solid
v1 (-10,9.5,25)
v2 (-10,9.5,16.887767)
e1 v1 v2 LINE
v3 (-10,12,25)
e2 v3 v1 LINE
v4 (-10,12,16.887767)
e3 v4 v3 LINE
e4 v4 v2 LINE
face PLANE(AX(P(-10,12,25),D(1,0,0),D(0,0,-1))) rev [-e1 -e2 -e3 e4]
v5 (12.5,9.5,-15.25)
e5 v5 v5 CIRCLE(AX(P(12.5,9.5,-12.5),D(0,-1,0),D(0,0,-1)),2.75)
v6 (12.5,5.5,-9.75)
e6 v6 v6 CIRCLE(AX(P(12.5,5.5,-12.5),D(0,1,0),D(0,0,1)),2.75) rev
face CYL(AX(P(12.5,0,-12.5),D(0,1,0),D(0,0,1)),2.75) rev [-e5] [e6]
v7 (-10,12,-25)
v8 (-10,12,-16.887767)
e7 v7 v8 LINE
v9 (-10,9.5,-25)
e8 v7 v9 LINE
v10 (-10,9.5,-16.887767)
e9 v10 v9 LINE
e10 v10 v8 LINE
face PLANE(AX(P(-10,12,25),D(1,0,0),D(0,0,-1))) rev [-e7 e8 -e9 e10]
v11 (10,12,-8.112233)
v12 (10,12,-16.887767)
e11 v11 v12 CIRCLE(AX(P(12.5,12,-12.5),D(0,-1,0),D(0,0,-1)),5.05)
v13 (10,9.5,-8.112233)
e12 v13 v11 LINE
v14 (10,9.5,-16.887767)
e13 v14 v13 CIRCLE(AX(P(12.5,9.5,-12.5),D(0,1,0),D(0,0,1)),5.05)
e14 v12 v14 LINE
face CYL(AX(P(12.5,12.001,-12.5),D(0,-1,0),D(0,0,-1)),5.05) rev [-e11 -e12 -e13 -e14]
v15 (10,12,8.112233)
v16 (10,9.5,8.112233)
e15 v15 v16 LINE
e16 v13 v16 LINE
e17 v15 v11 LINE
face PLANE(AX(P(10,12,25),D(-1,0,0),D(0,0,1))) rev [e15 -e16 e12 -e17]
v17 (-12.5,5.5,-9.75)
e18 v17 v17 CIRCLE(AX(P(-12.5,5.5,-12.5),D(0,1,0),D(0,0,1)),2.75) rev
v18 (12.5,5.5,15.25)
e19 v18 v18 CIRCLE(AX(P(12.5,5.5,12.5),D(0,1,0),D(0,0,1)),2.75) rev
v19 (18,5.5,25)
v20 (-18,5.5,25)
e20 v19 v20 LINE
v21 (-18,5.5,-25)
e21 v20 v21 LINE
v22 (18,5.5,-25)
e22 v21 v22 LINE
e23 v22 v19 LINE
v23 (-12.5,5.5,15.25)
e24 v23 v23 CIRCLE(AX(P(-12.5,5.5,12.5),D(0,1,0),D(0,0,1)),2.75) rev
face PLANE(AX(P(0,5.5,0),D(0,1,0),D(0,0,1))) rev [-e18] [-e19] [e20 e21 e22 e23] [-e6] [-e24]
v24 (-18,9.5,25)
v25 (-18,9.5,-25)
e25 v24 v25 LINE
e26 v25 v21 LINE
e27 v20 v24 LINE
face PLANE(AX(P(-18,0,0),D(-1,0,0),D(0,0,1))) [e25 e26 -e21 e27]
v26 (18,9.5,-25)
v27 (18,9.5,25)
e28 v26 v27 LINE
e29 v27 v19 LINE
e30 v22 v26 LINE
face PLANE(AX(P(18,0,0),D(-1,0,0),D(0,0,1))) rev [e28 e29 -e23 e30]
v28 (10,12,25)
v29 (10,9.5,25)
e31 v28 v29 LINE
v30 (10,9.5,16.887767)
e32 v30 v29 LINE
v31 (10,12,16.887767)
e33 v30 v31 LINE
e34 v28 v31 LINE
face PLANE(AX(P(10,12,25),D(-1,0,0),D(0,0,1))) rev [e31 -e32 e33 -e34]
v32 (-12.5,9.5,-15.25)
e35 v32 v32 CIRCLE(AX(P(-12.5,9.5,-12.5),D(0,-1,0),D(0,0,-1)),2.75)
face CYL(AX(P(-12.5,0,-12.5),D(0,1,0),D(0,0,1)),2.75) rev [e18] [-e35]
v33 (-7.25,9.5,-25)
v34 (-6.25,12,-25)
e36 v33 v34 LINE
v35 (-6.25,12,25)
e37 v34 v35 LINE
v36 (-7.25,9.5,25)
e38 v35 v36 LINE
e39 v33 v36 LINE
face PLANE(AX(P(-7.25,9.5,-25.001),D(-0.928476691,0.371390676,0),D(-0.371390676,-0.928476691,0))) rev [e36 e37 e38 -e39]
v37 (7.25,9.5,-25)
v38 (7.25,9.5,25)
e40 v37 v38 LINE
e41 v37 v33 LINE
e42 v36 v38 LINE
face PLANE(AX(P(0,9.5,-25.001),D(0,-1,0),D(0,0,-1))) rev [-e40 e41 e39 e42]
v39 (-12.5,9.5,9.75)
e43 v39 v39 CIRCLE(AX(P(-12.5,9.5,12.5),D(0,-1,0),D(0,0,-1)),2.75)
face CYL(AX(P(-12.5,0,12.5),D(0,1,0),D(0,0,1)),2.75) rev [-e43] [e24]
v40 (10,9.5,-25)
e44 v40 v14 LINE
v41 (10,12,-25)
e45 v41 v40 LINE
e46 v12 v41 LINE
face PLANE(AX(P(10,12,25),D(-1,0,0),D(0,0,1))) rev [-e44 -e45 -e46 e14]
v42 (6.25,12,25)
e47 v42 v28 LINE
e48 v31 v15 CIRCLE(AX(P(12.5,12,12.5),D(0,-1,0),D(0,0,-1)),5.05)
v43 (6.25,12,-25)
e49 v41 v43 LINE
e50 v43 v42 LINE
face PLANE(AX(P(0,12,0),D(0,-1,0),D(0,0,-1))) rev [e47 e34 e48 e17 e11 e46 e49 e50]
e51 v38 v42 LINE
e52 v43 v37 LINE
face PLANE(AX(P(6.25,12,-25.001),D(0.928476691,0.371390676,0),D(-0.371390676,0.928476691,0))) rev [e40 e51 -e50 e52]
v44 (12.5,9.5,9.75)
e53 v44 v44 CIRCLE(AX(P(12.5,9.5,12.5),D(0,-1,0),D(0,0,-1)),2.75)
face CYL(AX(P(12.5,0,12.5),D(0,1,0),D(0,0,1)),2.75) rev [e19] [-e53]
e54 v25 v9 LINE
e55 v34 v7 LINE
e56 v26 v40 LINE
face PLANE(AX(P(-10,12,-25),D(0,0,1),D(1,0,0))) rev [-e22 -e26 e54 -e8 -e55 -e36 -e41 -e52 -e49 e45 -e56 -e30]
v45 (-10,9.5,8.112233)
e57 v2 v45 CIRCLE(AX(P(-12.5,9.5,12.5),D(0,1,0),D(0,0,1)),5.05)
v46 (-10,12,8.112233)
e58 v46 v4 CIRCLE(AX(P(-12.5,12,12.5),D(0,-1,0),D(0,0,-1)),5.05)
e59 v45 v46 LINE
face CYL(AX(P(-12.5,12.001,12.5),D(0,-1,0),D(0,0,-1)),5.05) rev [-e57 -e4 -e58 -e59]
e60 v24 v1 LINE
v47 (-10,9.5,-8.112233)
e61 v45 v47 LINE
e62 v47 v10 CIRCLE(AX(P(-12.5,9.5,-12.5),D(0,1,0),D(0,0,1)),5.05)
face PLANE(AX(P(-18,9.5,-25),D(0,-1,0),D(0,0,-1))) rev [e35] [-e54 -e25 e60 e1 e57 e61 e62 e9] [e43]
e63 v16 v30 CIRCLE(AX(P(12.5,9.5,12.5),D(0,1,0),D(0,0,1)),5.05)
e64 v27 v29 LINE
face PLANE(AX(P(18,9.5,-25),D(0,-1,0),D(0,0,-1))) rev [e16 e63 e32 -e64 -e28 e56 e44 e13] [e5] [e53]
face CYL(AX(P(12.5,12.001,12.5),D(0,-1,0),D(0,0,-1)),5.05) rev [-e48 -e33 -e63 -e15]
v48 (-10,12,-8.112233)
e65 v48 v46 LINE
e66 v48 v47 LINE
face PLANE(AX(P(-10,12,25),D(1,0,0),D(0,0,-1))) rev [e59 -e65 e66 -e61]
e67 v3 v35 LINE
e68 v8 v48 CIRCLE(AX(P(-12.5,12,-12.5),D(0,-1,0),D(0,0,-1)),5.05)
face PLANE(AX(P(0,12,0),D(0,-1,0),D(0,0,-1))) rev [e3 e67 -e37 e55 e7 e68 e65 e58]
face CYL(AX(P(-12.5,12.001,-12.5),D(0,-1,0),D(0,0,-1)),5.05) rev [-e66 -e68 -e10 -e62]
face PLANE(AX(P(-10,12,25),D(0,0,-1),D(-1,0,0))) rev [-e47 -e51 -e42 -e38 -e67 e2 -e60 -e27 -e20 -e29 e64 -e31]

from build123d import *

# Parameters (mm, degrees)
SKETCH1_W               = 20
SKETCH1_H               = 50
BOSS_EXTRUDE1_DEPTH     = 12
CUT_EXTRUDE1_REACH      = 54.383
SKETCH4_W               = 50
SKETCH4_H               = 9.5
BOSS_EXTRUDE2_DEPTH     = 8
SKETCH5_W               = 50
SKETCH5_H               = 9.5
BOSS_EXTRUDE3_DEPTH     = 8
CUT_EXTRUDE4_DEPTH      = 33.23740064
CUT_EXTRUDE4_DEPTH_BACK = 33.23740064
SKETCH10_R              = 2.75
SKETCH13_W              = 36
SKETCH13_H              = 50
CUT_EXTRUDE6_DEPTH      = 5.5
CUT_EXTRUDE7_REACH      = 33.064
SKETCH14_R              = 5.05


with BuildPart() as part:
    # Sketch1 → Boss-Extrude1 (new body)
    with BuildSketch(Plane(origin=(0, 0, 0), x_dir=(1, 0, 0), z_dir=(0, 1, 0))):
        Rectangle(SKETCH1_W, SKETCH1_H)
    extrude(amount=BOSS_EXTRUDE1_DEPTH)

    # Sketch2 → Cut-Extrude1 (cut, up to next)
    with BuildSketch(Plane.XY.offset(25), mode=Mode.PRIVATE) as cut_extrude1_sk1:
        Polygon((0, 9.5), (7.25, 9.5), (6.25, 12), (0, 12), (-6.25, 12), (-7.25, 9.5), align=None)
    cut_extrude1_tool1 = extrude(cut_extrude1_sk1.sketch, amount=-CUT_EXTRUDE1_REACH, mode=Mode.PRIVATE) & part.part
    add(cut_extrude1_tool1.solids().sort_by_distance((0, 10.719136, 25))[0], mode=Mode.SUBTRACT)

    # Sketch4 → Boss-Extrude2 (add)
    with BuildSketch(Plane.ZY.offset(10)):
        with Locations((0, 4.75)):
            Rectangle(SKETCH4_W, SKETCH4_H)
    extrude(amount=BOSS_EXTRUDE2_DEPTH)

    # Sketch5 → Boss-Extrude3 (add)
    with BuildSketch(Plane(origin=(10, 0, 0), x_dir=(0, 0, -1), z_dir=(1, 0, 0))):
        with Locations((0, 4.75)):
            Rectangle(SKETCH5_W, SKETCH5_H)
    extrude(amount=BOSS_EXTRUDE3_DEPTH)

    # Sketch10 → Cut-Extrude4 (cut, two sides: drawn at the far end of the back side and taken through both)
    with BuildSketch(Plane(origin=(0, 9.5, 0), x_dir=(1, 0, 0), z_dir=(0, 1, 0)).offset(-CUT_EXTRUDE4_DEPTH_BACK)):
        with Locations(Location((-12.5, 12.5, 0), (0, 0, 270))):
            Circle(SKETCH10_R)
        with Locations(Location((12.5, 12.5, 0), (0, 0, 270))):
            Circle(SKETCH10_R)
        with Locations(Location((-12.5, -12.5, 0), (0, 0, 270))):
            Circle(SKETCH10_R)
        with Locations(Location((12.5, -12.5, 0), (0, 0, 270))):
            Circle(SKETCH10_R)
    extrude(amount=CUT_EXTRUDE4_DEPTH + CUT_EXTRUDE4_DEPTH_BACK, mode=Mode.SUBTRACT)

    # Sketch13 → Cut-Extrude6 (cut)
    with BuildSketch(Plane.XZ):
        Rectangle(SKETCH13_W, SKETCH13_H)
    extrude(amount=-CUT_EXTRUDE6_DEPTH, mode=Mode.SUBTRACT)

    # Sketch14 → Cut-Extrude7 (cut, up to next)
    with BuildSketch(Plane(origin=(0, 9.5, 0), x_dir=(1, 0, 0), z_dir=(0, 1, 0)), mode=Mode.PRIVATE) as cut_extrude7_sk1:
        with Locations((-12.5, 12.5)):
            Circle(SKETCH14_R)
    cut_extrude7_tool1 = extrude(cut_extrude7_sk1.sketch, amount=CUT_EXTRUDE7_REACH, mode=Mode.PRIVATE) & part.part
    # Sketch14 → Cut-Extrude7 (cut, up to next)
    with BuildSketch(Plane(origin=(0, 9.5, 0), x_dir=(1, 0, 0), z_dir=(0, 1, 0)), mode=Mode.PRIVATE) as cut_extrude7_sk2:
        with Locations((12.5, 12.5)):
            Circle(SKETCH14_R)
    cut_extrude7_tool2 = extrude(cut_extrude7_sk2.sketch, amount=CUT_EXTRUDE7_REACH, mode=Mode.PRIVATE) & part.part
    # Sketch14 → Cut-Extrude7 (cut, up to next)
    with BuildSketch(Plane(origin=(0, 9.5, 0), x_dir=(1, 0, 0), z_dir=(0, 1, 0)), mode=Mode.PRIVATE) as cut_extrude7_sk3:
        with Locations((-12.5, -12.5)):
            Circle(SKETCH14_R)
    cut_extrude7_tool3 = extrude(cut_extrude7_sk3.sketch, amount=CUT_EXTRUDE7_REACH, mode=Mode.PRIVATE) & part.part
    # Sketch14 → Cut-Extrude7 (cut, up to next)
    with BuildSketch(Plane(origin=(0, 9.5, 0), x_dir=(1, 0, 0), z_dir=(0, 1, 0)), mode=Mode.PRIVATE) as cut_extrude7_sk4:
        with Locations((12.5, -12.5)):
            Circle(SKETCH14_R)
    cut_extrude7_tool4 = extrude(cut_extrude7_sk4.sketch, amount=CUT_EXTRUDE7_REACH, mode=Mode.PRIVATE) & part.part
    add(cut_extrude7_tool1.solids().sort_by_distance((-12.5, 9.5, -12.5))[0], mode=Mode.SUBTRACT)
    add(cut_extrude7_tool2.solids().sort_by_distance((12.5, 9.5, -12.5))[0], mode=Mode.SUBTRACT)
    add(cut_extrude7_tool3.solids().sort_by_distance((-12.5, 9.5, 12.5))[0], mode=Mode.SUBTRACT)
    add(cut_extrude7_tool4.solids().sort_by_distance((12.5, 9.5, 12.5))[0], mode=Mode.SUBTRACT)


solid = part.part
